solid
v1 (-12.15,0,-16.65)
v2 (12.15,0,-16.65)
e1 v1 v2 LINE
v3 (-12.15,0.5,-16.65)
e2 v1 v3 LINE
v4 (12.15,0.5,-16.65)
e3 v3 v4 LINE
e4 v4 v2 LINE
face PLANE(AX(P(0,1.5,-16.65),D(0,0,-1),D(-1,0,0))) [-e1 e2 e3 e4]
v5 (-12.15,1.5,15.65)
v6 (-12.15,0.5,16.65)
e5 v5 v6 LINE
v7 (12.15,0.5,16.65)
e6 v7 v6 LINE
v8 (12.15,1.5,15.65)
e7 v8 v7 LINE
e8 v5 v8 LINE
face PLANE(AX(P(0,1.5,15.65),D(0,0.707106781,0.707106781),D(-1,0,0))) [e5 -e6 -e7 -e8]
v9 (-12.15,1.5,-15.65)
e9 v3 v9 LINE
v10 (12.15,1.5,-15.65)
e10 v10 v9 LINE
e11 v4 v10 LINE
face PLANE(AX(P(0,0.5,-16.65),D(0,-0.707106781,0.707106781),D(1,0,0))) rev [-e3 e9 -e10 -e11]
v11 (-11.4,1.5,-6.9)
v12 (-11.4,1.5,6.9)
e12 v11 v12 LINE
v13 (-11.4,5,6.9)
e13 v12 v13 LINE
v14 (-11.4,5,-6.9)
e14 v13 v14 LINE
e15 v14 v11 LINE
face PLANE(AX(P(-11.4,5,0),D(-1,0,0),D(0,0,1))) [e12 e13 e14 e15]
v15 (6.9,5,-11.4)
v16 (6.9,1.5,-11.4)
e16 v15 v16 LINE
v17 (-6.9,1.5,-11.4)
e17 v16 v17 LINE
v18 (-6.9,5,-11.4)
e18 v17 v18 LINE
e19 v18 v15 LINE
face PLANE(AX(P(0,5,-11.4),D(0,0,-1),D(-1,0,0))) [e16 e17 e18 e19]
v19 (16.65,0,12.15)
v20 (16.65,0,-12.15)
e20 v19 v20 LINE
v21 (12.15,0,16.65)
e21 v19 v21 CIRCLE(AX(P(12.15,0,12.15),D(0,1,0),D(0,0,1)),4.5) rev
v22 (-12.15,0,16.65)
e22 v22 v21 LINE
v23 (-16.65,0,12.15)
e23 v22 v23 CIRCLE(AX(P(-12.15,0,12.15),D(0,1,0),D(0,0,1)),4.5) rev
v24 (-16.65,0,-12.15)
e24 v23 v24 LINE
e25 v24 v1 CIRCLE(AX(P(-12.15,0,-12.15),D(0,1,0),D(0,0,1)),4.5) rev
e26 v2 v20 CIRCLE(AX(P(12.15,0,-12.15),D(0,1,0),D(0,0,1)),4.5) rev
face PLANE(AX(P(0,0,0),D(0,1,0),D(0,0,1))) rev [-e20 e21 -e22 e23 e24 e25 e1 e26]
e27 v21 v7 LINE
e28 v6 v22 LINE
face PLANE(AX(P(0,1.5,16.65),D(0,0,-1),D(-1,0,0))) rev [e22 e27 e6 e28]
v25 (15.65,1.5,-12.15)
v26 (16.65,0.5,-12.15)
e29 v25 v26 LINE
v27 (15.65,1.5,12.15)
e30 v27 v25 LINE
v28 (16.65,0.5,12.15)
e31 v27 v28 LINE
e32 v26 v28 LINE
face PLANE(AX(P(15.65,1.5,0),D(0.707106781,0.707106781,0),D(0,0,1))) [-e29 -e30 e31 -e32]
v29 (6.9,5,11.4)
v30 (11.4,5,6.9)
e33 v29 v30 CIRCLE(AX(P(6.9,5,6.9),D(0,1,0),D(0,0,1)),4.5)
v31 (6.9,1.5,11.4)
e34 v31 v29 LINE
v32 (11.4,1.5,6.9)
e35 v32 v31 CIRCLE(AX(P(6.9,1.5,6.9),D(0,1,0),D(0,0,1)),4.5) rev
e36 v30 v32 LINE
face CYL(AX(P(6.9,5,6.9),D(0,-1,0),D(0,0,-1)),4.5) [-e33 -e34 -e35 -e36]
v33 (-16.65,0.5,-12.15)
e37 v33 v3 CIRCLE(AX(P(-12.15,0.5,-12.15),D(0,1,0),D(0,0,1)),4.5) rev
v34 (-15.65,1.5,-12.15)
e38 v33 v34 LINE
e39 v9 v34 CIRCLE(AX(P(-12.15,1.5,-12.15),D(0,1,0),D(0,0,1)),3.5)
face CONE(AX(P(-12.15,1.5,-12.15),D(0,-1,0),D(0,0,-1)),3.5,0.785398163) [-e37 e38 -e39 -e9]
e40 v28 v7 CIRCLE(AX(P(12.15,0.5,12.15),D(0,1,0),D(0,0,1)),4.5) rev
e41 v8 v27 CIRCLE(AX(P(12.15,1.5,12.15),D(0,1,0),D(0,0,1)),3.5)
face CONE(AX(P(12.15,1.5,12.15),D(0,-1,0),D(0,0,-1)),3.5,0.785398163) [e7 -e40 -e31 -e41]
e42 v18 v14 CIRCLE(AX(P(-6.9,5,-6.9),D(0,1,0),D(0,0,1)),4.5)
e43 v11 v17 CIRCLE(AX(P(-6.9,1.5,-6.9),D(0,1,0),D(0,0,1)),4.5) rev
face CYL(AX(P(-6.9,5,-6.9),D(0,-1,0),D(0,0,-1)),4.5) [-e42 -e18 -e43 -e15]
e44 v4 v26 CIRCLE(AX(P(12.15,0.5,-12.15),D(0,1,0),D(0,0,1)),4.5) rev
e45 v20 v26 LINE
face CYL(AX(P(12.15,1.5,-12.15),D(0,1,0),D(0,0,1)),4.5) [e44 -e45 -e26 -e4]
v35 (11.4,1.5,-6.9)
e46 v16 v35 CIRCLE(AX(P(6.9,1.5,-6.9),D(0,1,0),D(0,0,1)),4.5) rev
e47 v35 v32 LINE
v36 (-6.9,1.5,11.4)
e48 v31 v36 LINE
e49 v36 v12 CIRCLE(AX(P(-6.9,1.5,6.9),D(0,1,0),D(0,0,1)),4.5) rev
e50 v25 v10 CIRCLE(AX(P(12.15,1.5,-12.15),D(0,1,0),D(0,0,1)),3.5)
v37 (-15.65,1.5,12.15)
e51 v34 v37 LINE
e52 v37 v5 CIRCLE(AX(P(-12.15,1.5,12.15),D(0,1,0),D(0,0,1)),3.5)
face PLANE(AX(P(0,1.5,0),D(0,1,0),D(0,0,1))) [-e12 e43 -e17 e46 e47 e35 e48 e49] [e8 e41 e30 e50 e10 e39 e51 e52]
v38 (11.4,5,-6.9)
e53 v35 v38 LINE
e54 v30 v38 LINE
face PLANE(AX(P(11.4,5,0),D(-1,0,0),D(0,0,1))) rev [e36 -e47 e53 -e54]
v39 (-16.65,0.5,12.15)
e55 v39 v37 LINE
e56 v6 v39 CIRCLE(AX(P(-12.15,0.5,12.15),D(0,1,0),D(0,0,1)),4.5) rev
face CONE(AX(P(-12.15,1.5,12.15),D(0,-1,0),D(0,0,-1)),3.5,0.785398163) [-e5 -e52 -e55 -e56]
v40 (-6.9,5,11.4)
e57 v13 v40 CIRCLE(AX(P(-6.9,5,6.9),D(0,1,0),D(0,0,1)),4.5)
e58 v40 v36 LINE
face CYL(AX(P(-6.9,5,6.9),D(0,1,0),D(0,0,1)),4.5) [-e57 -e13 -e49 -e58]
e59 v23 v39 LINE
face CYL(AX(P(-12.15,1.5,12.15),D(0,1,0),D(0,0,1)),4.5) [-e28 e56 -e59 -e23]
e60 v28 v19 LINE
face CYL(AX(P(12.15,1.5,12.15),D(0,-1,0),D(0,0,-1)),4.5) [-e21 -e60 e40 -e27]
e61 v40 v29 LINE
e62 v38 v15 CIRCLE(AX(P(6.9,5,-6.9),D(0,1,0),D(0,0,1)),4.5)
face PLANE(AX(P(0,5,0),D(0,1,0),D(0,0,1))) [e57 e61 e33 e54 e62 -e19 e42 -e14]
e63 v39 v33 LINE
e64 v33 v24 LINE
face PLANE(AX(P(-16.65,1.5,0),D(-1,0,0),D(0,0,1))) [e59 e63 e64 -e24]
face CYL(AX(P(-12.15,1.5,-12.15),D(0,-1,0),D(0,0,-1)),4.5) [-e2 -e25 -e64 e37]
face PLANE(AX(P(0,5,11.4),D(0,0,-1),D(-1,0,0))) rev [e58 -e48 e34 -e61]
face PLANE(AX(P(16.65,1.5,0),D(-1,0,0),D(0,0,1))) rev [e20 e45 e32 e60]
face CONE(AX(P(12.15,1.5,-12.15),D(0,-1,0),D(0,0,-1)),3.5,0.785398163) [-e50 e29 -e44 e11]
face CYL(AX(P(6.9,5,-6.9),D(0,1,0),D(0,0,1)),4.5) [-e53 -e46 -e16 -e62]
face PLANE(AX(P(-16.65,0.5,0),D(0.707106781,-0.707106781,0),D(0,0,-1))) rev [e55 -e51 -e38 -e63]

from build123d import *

# Parameters (mm, degrees)
SKETCH1_W           = 33.3
SKETCH1_H           = 33.3
BOSS_EXTRUDE1_DEPTH = 1.5
SKETCH1_3_W         = 22.8
SKETCH1_3_H         = 22.8
BOSS_EXTRUDE2_DEPTH = 5
FILLET1_R           = 4.5
CHAMFER1_SIZE       = 1


with BuildPart() as part:
    # Sketch1 → Boss-Extrude1 (new body)
    with BuildSketch(Plane(origin=(0, 0, 0), x_dir=(1, 0, 0), z_dir=(0, 1, 0))):
        Rectangle(SKETCH1_W, SKETCH1_H)
    extrude(amount=BOSS_EXTRUDE1_DEPTH)

    # Sketch1<3> → Boss-Extrude2 (add)
    with BuildSketch(Plane(origin=(0, 0, 0), x_dir=(1, 0, 0), z_dir=(0, 1, 0))):
        Rectangle(SKETCH1_3_W, SKETCH1_3_H)
    extrude(amount=BOSS_EXTRUDE2_DEPTH)

    # Fillet1
    fillet1_edges = [part.edges().sort_by_distance(p)[0] for p in [
        (16.65, 0.75, 16.65),
        (11.4, 3.25, 11.4),
        (11.4, 3.25, -11.4),
        (16.65, 0.75, -16.65),
        (-16.65, 0.75, -16.65),
        (-11.4, 3.25, -11.4),
        (-11.4, 3.25, 11.4),
        (-16.65, 0.75, 16.65),
    ]]
    fillet(fillet1_edges, radius=FILLET1_R)

    # Chamfer1
    chamfer1_edges = [part.edges().sort_by_distance(p)[0] for p in [
        (15.331980515, 1.5, -15.331980515),
        (16.65, 1.5, 0),
        (15.331980515, 1.5, 15.331980515),
        (0, 1.5, 16.65),
        (-15.331980515, 1.5, 15.331980515),
        (-16.65, 1.5, 0),
        (-15.331980515, 1.5, -15.331980515),
        (0, 1.5, -16.65),
    ]]
    chamfer(chamfer1_edges, length=CHAMFER1_SIZE)


solid = part.part
